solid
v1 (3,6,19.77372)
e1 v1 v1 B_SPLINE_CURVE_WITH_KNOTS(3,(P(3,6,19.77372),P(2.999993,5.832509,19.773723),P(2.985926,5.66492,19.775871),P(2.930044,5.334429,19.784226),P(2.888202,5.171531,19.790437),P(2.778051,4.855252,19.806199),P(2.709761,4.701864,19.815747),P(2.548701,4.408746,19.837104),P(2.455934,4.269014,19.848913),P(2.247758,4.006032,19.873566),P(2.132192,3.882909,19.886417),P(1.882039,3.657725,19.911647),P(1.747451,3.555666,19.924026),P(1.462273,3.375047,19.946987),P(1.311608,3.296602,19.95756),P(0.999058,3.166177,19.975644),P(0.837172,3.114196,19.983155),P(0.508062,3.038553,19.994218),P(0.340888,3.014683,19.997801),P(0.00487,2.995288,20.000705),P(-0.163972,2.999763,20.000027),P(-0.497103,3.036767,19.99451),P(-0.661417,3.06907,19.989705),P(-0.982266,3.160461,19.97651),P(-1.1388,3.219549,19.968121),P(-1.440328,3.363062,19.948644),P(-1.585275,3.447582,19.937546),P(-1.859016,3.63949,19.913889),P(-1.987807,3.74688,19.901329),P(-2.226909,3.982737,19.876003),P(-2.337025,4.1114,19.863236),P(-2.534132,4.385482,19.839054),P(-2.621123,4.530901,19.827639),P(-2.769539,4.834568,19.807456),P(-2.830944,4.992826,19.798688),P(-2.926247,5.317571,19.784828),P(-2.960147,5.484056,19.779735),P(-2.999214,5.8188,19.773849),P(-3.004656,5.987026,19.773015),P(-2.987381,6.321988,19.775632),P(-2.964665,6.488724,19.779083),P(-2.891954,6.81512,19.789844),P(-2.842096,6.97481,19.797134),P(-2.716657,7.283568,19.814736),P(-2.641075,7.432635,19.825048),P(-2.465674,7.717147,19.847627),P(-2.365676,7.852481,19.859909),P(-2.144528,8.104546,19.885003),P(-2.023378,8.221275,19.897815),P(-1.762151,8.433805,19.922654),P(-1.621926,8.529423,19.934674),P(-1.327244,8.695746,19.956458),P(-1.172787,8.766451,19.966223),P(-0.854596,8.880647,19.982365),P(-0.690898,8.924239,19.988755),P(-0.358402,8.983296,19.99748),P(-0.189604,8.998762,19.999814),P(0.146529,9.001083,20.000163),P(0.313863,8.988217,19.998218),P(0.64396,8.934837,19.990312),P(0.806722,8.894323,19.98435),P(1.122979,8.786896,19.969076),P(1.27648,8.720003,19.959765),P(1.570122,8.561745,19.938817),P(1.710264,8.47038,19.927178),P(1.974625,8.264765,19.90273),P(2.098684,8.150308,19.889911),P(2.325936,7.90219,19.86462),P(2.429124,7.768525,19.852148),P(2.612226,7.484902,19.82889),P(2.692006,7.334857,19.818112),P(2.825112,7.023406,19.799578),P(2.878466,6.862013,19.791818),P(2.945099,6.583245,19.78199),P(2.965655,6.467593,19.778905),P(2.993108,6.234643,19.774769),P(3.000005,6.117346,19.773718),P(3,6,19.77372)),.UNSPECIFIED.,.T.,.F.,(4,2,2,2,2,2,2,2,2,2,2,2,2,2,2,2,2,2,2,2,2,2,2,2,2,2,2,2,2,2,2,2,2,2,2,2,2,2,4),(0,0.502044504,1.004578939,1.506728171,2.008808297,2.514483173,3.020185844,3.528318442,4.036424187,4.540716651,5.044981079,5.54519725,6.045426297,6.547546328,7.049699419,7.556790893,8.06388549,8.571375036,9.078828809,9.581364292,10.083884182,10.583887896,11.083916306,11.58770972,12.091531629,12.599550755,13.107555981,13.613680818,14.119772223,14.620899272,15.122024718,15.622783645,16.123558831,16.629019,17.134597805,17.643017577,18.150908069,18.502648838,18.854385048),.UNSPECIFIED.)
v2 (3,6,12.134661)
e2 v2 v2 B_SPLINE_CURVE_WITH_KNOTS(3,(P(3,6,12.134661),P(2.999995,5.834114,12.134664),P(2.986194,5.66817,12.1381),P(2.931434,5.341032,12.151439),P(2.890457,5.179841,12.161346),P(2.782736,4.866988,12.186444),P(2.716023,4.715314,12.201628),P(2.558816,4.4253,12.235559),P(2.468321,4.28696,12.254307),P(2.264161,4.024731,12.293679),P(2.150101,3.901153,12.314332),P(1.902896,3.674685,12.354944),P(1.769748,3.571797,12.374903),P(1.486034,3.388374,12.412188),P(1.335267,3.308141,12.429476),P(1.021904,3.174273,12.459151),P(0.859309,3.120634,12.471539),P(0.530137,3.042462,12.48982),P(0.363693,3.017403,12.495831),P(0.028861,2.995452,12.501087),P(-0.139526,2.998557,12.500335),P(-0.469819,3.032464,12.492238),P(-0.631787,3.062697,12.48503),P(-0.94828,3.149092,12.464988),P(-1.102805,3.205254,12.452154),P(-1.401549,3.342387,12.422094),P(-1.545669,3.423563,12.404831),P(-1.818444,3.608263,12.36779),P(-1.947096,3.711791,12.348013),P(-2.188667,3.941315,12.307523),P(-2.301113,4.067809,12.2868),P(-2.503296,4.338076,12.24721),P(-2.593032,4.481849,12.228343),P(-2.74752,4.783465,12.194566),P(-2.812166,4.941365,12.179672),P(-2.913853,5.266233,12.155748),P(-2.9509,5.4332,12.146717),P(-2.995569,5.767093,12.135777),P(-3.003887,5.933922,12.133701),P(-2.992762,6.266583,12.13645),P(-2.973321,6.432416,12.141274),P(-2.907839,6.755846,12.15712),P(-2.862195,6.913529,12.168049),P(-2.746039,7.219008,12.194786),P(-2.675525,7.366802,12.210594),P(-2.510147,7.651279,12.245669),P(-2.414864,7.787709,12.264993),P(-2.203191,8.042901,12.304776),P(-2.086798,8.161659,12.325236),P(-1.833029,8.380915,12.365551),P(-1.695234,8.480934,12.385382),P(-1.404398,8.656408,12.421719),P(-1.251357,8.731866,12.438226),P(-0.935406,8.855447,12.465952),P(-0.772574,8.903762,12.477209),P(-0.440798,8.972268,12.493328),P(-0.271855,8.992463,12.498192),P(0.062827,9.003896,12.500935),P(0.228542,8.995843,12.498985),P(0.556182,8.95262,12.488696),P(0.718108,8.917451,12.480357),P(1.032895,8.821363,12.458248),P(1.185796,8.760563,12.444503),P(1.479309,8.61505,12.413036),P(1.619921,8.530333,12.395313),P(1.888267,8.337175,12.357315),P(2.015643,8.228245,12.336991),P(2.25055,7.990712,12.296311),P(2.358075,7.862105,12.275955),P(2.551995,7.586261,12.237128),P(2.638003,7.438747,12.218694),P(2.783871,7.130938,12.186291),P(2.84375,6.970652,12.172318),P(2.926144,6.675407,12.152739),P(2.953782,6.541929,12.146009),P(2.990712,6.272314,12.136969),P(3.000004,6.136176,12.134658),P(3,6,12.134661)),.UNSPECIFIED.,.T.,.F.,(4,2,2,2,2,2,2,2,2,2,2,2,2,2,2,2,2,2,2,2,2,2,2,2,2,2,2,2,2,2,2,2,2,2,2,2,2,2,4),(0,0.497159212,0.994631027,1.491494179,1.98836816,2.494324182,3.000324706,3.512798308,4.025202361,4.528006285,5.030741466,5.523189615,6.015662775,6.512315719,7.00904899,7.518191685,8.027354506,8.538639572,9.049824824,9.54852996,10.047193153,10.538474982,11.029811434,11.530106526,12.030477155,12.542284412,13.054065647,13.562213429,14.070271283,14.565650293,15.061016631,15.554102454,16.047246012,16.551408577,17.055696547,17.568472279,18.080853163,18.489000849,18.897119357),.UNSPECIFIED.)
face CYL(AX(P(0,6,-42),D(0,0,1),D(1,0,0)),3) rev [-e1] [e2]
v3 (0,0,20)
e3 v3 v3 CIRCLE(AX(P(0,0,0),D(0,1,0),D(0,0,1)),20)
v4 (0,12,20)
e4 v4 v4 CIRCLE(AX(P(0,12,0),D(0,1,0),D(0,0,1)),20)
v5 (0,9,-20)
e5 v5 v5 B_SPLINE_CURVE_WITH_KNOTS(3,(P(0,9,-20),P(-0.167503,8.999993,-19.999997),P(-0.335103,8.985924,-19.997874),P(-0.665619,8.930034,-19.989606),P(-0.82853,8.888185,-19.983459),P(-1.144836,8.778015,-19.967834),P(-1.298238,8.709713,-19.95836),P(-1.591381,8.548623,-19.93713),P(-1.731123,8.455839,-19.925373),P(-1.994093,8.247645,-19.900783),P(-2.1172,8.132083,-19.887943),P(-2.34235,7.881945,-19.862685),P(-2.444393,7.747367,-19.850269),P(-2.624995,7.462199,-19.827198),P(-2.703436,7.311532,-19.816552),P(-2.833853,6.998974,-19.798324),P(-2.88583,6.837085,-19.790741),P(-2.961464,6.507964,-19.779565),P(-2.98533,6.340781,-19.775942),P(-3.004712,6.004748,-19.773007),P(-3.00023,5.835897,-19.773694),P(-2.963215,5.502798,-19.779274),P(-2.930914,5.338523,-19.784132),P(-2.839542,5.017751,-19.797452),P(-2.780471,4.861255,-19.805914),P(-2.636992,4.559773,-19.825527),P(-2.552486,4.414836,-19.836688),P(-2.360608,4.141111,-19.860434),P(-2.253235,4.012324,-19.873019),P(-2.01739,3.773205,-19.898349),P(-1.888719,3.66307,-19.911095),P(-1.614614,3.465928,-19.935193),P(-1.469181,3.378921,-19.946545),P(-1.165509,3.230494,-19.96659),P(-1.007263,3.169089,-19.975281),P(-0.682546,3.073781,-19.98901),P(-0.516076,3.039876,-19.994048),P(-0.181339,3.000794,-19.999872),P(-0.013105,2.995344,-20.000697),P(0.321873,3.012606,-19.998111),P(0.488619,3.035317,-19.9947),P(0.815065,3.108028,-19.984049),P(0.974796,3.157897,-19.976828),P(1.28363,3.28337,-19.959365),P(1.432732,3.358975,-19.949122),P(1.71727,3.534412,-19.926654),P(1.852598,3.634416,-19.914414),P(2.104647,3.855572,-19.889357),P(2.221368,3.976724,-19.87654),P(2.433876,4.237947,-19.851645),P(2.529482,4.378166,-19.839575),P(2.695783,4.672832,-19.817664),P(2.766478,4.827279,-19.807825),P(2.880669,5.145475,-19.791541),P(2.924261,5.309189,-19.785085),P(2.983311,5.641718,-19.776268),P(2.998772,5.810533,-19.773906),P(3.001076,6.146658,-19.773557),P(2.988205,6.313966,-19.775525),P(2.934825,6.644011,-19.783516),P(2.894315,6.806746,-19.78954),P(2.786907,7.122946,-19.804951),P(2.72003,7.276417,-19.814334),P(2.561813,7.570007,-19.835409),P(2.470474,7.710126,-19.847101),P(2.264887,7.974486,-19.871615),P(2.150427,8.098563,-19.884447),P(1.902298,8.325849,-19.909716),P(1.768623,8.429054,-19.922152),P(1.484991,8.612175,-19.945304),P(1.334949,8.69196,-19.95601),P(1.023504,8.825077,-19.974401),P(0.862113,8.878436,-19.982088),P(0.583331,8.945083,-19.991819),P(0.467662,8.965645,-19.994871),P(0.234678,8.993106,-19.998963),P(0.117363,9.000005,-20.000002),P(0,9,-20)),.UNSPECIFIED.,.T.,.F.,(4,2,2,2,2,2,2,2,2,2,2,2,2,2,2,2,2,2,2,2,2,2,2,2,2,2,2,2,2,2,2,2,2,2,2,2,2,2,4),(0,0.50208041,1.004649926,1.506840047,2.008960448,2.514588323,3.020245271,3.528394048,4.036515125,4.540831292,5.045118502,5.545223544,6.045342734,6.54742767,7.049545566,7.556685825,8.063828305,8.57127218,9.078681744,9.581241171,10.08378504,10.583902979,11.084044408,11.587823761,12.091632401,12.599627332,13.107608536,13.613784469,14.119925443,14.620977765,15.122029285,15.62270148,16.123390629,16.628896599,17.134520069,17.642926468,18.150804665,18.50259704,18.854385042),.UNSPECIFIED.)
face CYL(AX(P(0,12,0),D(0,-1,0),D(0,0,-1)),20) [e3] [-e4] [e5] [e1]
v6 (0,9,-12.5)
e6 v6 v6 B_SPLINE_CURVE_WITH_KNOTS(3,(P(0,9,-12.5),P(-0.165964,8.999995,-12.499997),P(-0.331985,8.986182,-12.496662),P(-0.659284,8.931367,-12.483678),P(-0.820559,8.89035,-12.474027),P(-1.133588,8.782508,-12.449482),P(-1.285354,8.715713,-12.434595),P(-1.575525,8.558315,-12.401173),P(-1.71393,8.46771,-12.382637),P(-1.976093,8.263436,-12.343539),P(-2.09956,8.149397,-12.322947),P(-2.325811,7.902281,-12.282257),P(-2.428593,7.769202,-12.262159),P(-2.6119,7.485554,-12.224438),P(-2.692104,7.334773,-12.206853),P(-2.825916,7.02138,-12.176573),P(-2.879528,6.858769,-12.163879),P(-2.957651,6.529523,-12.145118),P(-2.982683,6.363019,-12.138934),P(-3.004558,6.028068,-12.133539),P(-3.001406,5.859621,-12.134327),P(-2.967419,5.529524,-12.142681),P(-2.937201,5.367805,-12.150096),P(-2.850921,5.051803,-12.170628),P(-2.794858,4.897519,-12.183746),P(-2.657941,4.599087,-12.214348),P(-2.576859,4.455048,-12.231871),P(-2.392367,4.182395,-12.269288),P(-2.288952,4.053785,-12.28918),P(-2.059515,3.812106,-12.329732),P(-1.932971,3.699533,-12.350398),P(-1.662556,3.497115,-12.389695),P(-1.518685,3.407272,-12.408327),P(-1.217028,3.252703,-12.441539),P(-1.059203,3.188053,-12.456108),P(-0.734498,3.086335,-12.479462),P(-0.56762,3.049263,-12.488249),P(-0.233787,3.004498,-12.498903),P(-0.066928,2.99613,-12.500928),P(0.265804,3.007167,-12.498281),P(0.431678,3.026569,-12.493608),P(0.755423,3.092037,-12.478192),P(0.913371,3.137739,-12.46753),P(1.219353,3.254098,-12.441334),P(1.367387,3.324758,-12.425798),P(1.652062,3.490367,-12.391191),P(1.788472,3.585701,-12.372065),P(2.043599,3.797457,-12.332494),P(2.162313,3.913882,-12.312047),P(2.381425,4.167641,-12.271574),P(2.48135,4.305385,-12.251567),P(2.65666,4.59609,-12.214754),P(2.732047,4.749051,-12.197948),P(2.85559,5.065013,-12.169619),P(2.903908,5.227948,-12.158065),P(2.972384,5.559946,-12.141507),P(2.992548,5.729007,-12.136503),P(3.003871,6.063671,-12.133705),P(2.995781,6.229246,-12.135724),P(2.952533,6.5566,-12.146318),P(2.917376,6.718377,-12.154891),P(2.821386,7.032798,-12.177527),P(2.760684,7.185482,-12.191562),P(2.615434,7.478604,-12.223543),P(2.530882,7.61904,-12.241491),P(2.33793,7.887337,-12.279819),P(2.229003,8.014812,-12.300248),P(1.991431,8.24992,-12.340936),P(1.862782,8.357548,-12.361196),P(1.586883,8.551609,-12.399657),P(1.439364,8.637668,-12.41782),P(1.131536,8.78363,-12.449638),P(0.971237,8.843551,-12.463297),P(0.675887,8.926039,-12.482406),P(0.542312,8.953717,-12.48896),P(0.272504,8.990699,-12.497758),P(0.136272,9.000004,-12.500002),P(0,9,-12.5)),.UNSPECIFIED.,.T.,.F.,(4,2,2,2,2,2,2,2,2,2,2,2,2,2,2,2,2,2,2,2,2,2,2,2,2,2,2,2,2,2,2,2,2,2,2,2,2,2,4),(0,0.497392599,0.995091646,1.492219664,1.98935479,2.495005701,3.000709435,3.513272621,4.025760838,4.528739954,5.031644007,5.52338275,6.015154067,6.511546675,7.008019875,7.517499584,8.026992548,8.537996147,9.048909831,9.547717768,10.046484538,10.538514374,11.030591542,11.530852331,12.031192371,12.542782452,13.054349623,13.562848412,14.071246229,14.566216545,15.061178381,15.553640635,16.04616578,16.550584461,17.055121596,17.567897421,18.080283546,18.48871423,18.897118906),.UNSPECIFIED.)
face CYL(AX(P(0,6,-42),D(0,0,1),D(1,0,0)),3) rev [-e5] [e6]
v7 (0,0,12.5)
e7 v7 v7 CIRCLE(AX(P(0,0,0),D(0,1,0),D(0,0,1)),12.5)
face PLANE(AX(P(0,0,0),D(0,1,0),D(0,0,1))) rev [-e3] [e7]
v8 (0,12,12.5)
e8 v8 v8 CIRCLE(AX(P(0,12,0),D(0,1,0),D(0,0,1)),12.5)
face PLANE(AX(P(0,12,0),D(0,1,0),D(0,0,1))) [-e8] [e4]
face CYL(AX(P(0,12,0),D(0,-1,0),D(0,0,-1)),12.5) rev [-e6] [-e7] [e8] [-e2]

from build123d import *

# Parameters (mm, degrees)
SKETCH1_R           = 20
SKETCH1_R_2         = 12.5
BOSS_EXTRUDE1_DEPTH = 12
CUT_EXTRUDE1_DEPTH  = 62


with BuildPart() as part:
    # Sketch1 → Boss-Extrude1 (new body)
    with BuildSketch(Plane(origin=(0, 0, 0), x_dir=(1, 0, 0), z_dir=(0, 1, 0))):
        with Locations(Location((0, 0, 0), (0, 0, 270))):
            Circle(SKETCH1_R)
        with Locations(Location((0, 0, 0), (0, 0, 270))):
            Circle(SKETCH1_R_2, mode=Mode.SUBTRACT)
    extrude(amount=BOSS_EXTRUDE1_DEPTH)

    # Sketch3 → Cut-Extrude1 (cut)
    with BuildSketch(Plane.XY.offset(20)):
        with BuildLine():
            ThreePointArc((0, 9), (-3, 6), (0, 3))
            Line((0, 3), (0, 9))
        make_face()
        with BuildLine():
            Line((0, 9), (0, 3))
            ThreePointArc((0, 3), (2.121320344, 3.878679656), (3, 6))
            ThreePointArc((3, 6), (2.121320344, 8.121320344), (0, 9))
        make_face()
    extrude(amount=-CUT_EXTRUDE1_DEPTH, mode=Mode.SUBTRACT)


solid = part.part
